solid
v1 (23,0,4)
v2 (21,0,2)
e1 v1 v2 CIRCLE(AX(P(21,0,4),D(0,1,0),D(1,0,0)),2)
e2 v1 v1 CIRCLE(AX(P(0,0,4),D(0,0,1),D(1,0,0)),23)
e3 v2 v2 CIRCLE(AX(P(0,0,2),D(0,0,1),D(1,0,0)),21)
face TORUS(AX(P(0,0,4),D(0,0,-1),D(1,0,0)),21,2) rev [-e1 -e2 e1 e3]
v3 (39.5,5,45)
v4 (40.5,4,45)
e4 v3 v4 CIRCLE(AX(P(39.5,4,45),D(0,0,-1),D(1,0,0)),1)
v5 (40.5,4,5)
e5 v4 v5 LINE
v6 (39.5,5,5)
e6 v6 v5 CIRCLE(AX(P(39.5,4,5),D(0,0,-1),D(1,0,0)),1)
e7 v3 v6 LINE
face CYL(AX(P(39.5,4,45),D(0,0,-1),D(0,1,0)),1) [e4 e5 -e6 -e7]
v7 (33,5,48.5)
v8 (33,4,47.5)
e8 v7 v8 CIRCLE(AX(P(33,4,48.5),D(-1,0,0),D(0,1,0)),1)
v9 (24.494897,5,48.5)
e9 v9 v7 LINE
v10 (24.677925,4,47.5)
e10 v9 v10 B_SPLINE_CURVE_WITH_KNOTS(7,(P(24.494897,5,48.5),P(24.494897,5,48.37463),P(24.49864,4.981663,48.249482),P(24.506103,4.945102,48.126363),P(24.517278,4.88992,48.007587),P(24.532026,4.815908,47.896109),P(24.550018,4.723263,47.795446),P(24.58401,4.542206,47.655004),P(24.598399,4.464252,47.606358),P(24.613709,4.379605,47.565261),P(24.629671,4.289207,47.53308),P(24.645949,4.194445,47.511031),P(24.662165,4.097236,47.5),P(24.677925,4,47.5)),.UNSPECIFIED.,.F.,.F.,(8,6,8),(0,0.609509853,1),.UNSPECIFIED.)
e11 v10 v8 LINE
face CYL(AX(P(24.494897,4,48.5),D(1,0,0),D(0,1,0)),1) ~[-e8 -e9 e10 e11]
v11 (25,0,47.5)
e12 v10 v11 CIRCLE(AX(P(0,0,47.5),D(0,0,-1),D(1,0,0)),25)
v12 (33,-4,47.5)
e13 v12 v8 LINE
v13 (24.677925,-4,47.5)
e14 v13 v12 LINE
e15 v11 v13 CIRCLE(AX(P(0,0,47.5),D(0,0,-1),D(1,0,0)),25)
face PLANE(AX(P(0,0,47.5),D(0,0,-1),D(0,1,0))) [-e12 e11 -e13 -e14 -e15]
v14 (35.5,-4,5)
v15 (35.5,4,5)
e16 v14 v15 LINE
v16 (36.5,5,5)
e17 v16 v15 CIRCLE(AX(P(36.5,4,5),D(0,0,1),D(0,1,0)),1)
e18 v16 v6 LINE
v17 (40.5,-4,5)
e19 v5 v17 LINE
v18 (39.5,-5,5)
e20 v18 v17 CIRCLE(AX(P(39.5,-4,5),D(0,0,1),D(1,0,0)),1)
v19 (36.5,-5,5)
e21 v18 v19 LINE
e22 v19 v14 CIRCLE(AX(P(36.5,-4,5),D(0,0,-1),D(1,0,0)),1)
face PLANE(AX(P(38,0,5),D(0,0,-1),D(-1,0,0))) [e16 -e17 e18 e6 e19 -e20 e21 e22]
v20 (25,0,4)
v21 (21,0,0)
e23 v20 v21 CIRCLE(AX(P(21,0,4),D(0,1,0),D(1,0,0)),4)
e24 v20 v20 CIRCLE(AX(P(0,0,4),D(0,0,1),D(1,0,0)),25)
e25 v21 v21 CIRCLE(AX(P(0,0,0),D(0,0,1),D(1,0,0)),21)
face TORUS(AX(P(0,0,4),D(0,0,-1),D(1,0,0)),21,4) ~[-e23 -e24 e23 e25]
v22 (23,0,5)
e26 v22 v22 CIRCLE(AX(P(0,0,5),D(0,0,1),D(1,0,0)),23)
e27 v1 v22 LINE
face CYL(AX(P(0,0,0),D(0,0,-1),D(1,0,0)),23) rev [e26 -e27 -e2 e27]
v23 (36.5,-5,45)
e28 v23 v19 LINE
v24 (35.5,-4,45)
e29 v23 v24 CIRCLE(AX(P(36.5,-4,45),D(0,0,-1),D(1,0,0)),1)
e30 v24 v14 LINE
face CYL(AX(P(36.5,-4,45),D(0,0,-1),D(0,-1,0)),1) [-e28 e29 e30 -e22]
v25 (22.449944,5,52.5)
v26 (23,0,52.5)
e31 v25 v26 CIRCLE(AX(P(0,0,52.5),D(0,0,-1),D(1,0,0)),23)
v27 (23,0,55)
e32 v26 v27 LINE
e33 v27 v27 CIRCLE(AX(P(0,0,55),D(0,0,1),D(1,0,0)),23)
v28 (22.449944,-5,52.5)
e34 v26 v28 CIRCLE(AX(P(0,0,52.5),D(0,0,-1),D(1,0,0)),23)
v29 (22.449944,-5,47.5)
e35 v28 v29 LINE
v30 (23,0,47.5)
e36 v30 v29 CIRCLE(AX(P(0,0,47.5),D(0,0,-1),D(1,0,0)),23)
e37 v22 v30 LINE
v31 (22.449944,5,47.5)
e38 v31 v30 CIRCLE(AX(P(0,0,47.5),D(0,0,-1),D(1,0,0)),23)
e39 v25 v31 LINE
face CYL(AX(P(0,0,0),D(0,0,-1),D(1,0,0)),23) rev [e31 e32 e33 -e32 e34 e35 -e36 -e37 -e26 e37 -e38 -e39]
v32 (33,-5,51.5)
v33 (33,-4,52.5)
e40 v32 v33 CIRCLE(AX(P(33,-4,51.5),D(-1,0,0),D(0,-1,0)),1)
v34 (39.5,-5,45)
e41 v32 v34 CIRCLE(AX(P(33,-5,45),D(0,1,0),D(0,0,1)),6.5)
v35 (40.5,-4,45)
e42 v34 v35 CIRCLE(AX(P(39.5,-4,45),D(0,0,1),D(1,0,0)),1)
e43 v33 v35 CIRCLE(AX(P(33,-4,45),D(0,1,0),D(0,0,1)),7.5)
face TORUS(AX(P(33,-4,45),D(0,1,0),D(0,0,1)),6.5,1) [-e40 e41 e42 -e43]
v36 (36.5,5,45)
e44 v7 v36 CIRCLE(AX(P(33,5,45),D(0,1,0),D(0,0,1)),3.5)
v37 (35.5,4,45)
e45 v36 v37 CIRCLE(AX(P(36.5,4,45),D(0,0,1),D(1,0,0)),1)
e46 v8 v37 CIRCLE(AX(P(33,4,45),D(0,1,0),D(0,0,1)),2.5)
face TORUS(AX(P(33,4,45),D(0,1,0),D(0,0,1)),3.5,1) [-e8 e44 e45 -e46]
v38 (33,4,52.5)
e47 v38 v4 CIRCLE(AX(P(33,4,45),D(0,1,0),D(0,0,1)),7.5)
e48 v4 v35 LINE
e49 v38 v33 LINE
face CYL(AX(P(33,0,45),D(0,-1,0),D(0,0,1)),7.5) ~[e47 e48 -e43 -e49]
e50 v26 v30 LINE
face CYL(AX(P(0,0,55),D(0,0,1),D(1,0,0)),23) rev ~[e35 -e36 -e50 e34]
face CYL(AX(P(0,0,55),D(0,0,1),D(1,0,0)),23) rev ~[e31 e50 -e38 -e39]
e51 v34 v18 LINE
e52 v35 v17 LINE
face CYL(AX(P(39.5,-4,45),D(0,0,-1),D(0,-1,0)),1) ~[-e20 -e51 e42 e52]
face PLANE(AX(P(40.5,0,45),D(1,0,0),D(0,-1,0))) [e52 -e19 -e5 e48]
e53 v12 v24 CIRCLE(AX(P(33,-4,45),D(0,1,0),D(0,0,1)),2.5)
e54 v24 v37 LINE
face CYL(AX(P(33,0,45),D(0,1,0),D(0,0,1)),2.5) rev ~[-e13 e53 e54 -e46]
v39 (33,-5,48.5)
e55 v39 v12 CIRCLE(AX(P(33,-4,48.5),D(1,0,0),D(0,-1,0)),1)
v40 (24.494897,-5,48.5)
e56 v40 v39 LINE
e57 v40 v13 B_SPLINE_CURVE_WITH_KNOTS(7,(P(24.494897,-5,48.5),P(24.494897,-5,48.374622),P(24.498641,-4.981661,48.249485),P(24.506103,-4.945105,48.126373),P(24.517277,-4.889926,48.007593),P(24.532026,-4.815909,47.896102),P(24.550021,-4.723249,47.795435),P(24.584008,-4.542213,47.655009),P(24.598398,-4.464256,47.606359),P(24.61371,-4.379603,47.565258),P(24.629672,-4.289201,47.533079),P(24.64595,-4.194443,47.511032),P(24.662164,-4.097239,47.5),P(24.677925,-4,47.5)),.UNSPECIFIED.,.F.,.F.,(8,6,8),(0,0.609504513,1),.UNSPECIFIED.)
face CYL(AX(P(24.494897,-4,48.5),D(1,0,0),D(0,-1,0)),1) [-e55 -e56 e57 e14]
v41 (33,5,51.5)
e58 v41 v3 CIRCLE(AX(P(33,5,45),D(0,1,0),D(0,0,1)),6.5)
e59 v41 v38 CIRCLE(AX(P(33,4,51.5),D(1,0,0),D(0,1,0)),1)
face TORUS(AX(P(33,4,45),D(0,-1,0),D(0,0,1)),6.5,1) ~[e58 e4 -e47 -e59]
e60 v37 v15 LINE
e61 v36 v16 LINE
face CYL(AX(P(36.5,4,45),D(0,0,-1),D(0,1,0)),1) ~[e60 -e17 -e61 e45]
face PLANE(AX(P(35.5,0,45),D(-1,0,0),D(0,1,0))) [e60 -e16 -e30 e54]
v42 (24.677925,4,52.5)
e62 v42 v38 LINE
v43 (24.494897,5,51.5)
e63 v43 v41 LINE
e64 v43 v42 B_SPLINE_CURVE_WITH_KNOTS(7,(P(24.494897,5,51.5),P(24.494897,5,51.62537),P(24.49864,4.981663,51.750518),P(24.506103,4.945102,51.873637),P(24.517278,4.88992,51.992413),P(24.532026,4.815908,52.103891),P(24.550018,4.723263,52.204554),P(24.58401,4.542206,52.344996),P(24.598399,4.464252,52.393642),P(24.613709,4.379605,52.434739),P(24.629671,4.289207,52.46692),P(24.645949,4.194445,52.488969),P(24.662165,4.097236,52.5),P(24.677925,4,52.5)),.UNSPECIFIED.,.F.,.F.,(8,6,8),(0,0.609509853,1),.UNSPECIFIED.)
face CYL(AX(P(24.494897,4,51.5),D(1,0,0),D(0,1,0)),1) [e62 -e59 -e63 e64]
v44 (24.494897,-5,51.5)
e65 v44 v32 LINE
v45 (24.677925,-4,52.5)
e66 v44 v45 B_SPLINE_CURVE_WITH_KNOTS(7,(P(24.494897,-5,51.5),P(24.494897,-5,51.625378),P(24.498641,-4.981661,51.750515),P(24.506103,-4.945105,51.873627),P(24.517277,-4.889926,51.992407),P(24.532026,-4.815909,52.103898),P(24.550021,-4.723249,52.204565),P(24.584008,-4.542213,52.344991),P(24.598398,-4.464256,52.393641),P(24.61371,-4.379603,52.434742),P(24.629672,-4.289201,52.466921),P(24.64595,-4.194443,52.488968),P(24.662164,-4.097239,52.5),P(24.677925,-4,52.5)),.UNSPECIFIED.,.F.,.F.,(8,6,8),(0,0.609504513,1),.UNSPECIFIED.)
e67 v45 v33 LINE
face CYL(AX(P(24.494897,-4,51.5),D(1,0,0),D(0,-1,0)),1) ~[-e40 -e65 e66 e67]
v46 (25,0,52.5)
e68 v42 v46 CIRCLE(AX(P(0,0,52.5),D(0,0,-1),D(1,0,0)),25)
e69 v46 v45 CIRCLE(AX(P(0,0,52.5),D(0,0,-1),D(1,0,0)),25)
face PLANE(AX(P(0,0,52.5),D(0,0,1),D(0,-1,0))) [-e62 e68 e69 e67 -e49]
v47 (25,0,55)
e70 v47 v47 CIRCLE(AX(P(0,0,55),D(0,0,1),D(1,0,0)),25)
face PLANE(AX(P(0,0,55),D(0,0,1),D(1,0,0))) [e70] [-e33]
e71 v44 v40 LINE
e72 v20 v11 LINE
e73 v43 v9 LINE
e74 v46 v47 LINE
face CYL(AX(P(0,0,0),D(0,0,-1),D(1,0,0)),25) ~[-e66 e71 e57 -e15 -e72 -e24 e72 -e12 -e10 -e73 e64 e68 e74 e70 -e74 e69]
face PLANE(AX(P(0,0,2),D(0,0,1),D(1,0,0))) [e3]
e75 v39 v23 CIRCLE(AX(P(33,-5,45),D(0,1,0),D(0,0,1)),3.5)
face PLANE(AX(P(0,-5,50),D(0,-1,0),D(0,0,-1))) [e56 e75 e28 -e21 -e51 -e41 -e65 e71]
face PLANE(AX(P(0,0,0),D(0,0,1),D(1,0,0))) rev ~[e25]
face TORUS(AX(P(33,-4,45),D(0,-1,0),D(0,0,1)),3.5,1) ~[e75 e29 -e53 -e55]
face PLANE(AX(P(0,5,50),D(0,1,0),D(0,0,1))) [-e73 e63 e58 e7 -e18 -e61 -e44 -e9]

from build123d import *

# Parameters (mm, degrees)
F0_R      = 25
F1_DEPTH  = 55
F2_R      = 4
F14_T     = -2
F4_W      = 10
F4_H      = 5
F16_R     = 1
F3_R      = 23
F17_DEPTH = 50


with BuildPart() as f1:
    # F0 (on Top) → F1 (new body)
    with BuildSketch(Plane.XY):
        Circle(F0_R)
    extrude(amount=F1_DEPTH)

    # F2
    f2_edges = [f1.edges().sort_by_distance(p)[0] for p in [
        (-25, 0, 0),
    ]]
    fillet(f2_edges, radius=F2_R)

    # F14
    f14_openings = [f1.faces().sort_by_distance(p)[0] for p in [
        (0, 0, 55),
    ]]
    offset(amount=F14_T, openings=f14_openings)

    # F15: sweep along a path in F13
    with BuildLine(Plane.XZ) as f15_path:
        Line((0, 50), (33, 50))
        ThreePointArc((33, 50), (36.5355339059, 48.5355339059), (38, 45))
        Line((38, 45), (38, 5))
    # F4 (on Right) → F15 (sweep)
    with BuildSketch(Plane.YZ):
        with Locations((0, 50)):
            Rectangle(F4_W, F4_H)
    sweep(path=f15_path.line)

    # F16
    f16_edges = [f1.edges().sort_by_distance(p)[0] for p in [
        (40.5, -5, 25),
        (40.5, 5, 25),
        (35.5, -5, 25),
        (35.5, 5, 25),
    ]]
    fillet(f16_edges, radius=F16_R)

    # F3 (on face) → F17 (cut)
    with BuildSketch(Plane.XY.offset(55)):
        Circle(F3_R)
    extrude(amount=-F17_DEPTH, mode=Mode.SUBTRACT)


solid = f1.part
